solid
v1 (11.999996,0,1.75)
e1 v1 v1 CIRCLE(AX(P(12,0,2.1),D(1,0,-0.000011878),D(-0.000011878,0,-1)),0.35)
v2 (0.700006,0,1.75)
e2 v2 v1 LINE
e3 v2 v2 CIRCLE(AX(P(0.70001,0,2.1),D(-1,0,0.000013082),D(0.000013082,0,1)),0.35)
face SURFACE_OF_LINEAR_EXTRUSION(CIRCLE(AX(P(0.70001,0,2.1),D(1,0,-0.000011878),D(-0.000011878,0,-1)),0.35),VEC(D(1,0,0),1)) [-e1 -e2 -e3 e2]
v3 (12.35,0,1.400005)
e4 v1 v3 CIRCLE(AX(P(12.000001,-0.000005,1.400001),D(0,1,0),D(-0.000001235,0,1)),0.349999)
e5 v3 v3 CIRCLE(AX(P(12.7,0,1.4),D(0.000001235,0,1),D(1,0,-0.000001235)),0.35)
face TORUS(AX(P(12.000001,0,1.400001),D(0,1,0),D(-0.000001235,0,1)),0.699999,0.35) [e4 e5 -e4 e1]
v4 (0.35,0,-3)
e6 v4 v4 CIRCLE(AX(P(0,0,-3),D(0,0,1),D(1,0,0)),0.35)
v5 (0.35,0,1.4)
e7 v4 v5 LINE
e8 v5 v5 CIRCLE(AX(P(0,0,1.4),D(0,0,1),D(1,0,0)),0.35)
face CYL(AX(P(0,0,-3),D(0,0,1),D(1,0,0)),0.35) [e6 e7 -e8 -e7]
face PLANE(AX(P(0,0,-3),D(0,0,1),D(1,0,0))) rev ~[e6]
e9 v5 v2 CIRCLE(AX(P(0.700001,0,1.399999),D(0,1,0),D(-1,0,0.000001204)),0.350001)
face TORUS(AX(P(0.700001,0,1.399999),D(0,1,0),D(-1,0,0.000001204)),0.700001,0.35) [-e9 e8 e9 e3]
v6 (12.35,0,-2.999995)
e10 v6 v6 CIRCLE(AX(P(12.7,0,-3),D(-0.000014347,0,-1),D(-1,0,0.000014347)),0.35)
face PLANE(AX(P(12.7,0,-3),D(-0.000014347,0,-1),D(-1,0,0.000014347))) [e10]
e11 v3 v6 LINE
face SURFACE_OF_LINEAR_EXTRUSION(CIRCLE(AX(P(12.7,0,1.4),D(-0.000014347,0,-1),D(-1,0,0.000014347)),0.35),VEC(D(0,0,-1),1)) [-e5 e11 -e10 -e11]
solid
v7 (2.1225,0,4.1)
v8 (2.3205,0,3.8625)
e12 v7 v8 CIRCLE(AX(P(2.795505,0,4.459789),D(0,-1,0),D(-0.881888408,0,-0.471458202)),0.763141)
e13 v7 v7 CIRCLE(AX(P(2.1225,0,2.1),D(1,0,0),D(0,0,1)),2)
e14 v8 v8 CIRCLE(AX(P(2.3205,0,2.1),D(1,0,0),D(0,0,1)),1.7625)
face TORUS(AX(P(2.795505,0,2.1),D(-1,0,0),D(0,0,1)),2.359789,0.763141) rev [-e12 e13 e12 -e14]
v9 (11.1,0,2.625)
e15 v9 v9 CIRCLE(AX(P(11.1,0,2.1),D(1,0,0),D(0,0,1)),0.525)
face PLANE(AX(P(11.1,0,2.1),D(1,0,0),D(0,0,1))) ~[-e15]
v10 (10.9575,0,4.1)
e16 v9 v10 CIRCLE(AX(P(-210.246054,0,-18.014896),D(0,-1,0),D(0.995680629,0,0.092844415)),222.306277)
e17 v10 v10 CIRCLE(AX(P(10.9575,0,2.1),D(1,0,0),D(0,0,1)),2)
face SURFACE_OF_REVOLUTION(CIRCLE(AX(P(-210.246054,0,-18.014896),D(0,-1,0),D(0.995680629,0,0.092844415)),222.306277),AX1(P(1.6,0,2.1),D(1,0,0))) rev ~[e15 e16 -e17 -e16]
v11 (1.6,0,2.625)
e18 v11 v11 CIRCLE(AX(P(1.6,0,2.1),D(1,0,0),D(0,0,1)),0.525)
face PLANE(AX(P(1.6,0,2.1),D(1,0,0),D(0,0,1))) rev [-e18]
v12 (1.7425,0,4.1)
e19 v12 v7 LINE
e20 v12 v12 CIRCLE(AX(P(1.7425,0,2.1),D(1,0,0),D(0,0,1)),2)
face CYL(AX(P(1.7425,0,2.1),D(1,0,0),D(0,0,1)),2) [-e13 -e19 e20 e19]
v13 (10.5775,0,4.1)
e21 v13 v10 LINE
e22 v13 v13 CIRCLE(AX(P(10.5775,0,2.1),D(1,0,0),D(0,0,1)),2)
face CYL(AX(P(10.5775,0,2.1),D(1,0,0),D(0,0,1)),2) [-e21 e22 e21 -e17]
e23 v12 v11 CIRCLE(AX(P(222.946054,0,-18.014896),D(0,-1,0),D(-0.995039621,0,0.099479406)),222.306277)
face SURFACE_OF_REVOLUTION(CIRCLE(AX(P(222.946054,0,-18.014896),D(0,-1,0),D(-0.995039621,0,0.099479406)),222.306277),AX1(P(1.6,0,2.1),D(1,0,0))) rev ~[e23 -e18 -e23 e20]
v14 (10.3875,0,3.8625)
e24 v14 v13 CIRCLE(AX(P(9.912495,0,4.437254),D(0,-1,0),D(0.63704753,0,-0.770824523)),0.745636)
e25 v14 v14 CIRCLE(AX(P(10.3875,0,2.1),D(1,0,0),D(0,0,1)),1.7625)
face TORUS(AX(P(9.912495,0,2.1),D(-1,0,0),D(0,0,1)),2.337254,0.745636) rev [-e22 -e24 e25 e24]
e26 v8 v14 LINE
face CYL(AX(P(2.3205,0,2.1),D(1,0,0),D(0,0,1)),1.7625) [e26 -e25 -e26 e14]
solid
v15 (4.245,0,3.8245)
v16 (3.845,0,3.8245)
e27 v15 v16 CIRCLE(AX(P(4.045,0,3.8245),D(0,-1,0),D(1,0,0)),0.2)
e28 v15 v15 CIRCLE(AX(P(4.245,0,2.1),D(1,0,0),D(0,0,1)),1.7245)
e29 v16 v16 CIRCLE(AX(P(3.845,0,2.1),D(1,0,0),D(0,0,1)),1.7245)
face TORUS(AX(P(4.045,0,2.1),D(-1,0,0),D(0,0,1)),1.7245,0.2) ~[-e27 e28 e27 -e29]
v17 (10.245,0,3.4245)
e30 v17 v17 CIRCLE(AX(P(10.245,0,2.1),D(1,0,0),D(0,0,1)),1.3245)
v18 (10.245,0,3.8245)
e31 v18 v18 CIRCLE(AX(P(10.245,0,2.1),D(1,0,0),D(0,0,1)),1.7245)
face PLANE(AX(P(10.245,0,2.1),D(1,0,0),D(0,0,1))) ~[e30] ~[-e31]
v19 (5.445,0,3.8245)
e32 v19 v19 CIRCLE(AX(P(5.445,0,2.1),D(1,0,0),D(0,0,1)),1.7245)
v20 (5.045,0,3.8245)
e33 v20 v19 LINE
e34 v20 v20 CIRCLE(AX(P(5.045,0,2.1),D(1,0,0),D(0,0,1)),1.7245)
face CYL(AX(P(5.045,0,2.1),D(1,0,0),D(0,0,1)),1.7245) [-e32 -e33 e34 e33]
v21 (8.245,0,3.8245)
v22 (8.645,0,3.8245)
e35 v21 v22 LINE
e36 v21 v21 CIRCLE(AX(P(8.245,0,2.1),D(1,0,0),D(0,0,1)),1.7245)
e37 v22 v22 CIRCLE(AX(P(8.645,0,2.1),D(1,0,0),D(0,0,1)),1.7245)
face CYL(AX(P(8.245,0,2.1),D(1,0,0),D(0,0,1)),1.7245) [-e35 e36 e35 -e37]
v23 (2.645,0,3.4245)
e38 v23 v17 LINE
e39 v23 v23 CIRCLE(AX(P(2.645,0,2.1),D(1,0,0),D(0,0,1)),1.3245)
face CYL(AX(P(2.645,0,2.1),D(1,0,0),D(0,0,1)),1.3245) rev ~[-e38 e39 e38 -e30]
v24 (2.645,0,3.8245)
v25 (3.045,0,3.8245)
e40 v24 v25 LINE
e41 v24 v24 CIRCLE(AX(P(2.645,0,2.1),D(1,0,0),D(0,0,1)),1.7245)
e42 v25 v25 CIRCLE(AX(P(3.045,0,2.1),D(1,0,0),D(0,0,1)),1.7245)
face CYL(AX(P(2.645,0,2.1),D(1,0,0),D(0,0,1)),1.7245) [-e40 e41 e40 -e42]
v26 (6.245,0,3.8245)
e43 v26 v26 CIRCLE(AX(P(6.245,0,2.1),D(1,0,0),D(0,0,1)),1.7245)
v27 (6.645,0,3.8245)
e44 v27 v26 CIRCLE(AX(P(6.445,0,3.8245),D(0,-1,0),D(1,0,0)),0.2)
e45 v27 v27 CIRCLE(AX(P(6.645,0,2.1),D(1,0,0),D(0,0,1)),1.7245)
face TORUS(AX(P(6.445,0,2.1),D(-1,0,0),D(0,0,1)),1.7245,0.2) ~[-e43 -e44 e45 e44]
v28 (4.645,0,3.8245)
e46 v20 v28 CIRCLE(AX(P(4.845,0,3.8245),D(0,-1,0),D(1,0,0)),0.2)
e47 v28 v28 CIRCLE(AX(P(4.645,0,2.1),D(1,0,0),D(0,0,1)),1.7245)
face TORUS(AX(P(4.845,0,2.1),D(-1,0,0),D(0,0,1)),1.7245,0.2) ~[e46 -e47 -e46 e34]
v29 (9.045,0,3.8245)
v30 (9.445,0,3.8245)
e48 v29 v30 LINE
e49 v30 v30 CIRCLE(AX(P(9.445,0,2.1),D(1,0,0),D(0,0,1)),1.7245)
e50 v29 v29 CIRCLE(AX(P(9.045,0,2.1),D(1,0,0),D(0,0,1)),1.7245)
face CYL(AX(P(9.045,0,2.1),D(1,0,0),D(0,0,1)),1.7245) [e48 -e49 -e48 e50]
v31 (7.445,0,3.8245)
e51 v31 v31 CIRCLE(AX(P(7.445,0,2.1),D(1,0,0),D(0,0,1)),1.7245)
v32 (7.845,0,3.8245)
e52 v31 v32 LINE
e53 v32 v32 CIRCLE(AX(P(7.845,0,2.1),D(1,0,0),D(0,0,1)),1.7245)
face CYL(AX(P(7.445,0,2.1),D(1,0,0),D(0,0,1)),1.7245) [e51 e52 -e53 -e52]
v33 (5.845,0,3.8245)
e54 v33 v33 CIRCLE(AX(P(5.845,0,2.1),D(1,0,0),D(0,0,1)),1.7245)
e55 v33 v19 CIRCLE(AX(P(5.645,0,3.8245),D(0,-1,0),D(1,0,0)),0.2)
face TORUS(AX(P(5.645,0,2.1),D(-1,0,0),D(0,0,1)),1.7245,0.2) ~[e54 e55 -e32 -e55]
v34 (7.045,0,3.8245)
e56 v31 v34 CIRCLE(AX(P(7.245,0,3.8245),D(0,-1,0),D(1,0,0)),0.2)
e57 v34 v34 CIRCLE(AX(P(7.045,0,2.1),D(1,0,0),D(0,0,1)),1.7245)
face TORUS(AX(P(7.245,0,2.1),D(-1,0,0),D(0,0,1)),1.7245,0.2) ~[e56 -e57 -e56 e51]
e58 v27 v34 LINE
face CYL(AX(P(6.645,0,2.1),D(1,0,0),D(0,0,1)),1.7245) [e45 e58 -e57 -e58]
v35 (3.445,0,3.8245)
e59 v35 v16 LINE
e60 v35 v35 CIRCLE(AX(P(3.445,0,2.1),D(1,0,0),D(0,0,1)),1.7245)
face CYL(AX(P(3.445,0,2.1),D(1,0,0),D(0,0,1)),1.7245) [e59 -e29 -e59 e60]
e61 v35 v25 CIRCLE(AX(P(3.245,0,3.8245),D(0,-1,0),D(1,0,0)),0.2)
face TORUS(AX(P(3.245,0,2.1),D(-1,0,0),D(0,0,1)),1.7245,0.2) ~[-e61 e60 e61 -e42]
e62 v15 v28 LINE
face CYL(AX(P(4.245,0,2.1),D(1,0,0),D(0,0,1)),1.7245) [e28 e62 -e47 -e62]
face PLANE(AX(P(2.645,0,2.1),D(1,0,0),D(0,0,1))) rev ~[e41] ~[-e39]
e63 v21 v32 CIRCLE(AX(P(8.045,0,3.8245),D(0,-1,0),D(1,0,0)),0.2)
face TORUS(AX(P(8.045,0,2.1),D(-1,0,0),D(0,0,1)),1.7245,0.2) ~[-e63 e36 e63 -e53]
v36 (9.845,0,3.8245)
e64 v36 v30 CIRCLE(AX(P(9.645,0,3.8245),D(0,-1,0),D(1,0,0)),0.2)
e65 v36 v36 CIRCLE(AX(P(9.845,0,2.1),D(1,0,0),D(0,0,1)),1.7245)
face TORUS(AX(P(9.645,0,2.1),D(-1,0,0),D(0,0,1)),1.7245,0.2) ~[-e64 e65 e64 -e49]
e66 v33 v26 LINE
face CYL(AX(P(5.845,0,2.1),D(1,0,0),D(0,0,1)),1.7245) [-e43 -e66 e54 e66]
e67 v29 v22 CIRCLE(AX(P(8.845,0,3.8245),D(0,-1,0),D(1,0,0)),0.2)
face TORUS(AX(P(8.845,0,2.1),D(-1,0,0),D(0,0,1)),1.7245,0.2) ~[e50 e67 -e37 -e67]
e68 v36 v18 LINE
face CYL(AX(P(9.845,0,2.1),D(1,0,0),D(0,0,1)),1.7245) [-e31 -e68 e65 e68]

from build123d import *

# Parameters (mm, degrees)
SKETCH_R = 0.35


with BuildPart() as revolution:
    # Sketch002 → Revolution (revolve)
    with BuildSketch(Plane.XZ):
        with BuildLine():
            Line((1.7425, 4.1), (2.1225, 4.1))
            ThreePointArc((2.1225, 4.1), (2.209345, 3.971117), (2.3205, 3.8625))
            Line((2.3205, 3.8625), (10.3875, 3.8625))
            ThreePointArc((10.3875, 3.8625), (10.494738, 3.971459), (10.5775, 4.1))
            Line((10.5775, 4.1), (10.9575, 4.1))
            ThreePointArc((11.1, 2.625), (11.029979, 3.362619), (10.9575, 4.1))
            Line((11.1, 2.1), (11.1, 2.625))
            Line((1.6, 2.1), (11.1, 2.1))
            Line((1.6, 2.1), (1.6, 2.625))
            ThreePointArc((1.7425, 4.1), (1.670021, 3.362619), (1.6, 2.625))
        make_face()
    revolve(axis=Axis((1.6, 0, 2.1), (1, 0, 0)))


with BuildPart() as sweep_body:
    # Sweep: sweep along a path in Sketch001
    with BuildLine(Plane.XZ) as sweep_path:
        Line((0, -3), (0, 1.4))
        ThreePointArc((0, 1.4), (0.205029, 1.894978), (0.70001, 2.1))
        Line((0.70001, 2.1), (12, 2.1))
        ThreePointArc((12, 2.1), (12.494975, 1.894975), (12.7, 1.4))
        Line((12.7, 1.4), (12.7, -3))
    # Sketch → Sweep (sweep)
    with BuildSketch(Plane.XY.offset(-2)):
        Circle(SKETCH_R)
    sweep(path=sweep_path.line)


with BuildPart() as revolution001:
    # Sketch003 → Revolution001 (revolve)
    with BuildSketch(Plane.XZ):
        with BuildLine():
            ThreePointArc((3.445, 3.8245), (3.245, 4.0245), (3.045, 3.8245))
            Line((2.645, 3.8245), (3.045, 3.8245))
            Line((2.645, 3.8245), (2.645, 3.4245))
            Line((2.645, 3.4245), (10.245, 3.4245))
            Line((10.245, 3.4245), (10.245, 3.8245))
            Line((9.845, 3.8245), (10.245, 3.8245))
            ThreePointArc((9.845, 3.8245), (9.645, 4.0245), (9.445, 3.8245))
            Line((9.045, 3.8245), (9.445, 3.8245))
            ThreePointArc((9.045, 3.8245), (8.845, 4.0245), (8.645, 3.8245))
            Line((8.245, 3.8245), (8.645, 3.8245))
            ThreePointArc((8.245, 3.8245), (8.045, 4.0245), (7.845, 3.8245))
            Line((7.445, 3.8245), (7.845, 3.8245))
            ThreePointArc((7.445, 3.8245), (7.245, 4.0245), (7.045, 3.8245))
            Line((6.645, 3.8245), (7.045, 3.8245))
            ThreePointArc((6.645, 3.8245), (6.445, 4.0245), (6.245, 3.8245))
            Line((5.845, 3.8245), (6.245, 3.8245))
            ThreePointArc((5.845, 3.8245), (5.645, 4.0245), (5.445, 3.8245))
            Line((5.045, 3.8245), (5.445, 3.8245))
            ThreePointArc((5.045, 3.8245), (4.845, 4.0245), (4.645, 3.8245))
            Line((4.245, 3.8245), (4.645, 3.8245))
            ThreePointArc((4.245, 3.8245), (4.045, 4.0245), (3.845, 3.8245))
            Line((3.445, 3.8245), (3.845, 3.8245))
        make_face()
    revolve(axis=Axis((1.8375, 0, 2.1), (1, 0, 0)))


solid = Compound([revolution.part, sweep_body.part, revolution001.part])
